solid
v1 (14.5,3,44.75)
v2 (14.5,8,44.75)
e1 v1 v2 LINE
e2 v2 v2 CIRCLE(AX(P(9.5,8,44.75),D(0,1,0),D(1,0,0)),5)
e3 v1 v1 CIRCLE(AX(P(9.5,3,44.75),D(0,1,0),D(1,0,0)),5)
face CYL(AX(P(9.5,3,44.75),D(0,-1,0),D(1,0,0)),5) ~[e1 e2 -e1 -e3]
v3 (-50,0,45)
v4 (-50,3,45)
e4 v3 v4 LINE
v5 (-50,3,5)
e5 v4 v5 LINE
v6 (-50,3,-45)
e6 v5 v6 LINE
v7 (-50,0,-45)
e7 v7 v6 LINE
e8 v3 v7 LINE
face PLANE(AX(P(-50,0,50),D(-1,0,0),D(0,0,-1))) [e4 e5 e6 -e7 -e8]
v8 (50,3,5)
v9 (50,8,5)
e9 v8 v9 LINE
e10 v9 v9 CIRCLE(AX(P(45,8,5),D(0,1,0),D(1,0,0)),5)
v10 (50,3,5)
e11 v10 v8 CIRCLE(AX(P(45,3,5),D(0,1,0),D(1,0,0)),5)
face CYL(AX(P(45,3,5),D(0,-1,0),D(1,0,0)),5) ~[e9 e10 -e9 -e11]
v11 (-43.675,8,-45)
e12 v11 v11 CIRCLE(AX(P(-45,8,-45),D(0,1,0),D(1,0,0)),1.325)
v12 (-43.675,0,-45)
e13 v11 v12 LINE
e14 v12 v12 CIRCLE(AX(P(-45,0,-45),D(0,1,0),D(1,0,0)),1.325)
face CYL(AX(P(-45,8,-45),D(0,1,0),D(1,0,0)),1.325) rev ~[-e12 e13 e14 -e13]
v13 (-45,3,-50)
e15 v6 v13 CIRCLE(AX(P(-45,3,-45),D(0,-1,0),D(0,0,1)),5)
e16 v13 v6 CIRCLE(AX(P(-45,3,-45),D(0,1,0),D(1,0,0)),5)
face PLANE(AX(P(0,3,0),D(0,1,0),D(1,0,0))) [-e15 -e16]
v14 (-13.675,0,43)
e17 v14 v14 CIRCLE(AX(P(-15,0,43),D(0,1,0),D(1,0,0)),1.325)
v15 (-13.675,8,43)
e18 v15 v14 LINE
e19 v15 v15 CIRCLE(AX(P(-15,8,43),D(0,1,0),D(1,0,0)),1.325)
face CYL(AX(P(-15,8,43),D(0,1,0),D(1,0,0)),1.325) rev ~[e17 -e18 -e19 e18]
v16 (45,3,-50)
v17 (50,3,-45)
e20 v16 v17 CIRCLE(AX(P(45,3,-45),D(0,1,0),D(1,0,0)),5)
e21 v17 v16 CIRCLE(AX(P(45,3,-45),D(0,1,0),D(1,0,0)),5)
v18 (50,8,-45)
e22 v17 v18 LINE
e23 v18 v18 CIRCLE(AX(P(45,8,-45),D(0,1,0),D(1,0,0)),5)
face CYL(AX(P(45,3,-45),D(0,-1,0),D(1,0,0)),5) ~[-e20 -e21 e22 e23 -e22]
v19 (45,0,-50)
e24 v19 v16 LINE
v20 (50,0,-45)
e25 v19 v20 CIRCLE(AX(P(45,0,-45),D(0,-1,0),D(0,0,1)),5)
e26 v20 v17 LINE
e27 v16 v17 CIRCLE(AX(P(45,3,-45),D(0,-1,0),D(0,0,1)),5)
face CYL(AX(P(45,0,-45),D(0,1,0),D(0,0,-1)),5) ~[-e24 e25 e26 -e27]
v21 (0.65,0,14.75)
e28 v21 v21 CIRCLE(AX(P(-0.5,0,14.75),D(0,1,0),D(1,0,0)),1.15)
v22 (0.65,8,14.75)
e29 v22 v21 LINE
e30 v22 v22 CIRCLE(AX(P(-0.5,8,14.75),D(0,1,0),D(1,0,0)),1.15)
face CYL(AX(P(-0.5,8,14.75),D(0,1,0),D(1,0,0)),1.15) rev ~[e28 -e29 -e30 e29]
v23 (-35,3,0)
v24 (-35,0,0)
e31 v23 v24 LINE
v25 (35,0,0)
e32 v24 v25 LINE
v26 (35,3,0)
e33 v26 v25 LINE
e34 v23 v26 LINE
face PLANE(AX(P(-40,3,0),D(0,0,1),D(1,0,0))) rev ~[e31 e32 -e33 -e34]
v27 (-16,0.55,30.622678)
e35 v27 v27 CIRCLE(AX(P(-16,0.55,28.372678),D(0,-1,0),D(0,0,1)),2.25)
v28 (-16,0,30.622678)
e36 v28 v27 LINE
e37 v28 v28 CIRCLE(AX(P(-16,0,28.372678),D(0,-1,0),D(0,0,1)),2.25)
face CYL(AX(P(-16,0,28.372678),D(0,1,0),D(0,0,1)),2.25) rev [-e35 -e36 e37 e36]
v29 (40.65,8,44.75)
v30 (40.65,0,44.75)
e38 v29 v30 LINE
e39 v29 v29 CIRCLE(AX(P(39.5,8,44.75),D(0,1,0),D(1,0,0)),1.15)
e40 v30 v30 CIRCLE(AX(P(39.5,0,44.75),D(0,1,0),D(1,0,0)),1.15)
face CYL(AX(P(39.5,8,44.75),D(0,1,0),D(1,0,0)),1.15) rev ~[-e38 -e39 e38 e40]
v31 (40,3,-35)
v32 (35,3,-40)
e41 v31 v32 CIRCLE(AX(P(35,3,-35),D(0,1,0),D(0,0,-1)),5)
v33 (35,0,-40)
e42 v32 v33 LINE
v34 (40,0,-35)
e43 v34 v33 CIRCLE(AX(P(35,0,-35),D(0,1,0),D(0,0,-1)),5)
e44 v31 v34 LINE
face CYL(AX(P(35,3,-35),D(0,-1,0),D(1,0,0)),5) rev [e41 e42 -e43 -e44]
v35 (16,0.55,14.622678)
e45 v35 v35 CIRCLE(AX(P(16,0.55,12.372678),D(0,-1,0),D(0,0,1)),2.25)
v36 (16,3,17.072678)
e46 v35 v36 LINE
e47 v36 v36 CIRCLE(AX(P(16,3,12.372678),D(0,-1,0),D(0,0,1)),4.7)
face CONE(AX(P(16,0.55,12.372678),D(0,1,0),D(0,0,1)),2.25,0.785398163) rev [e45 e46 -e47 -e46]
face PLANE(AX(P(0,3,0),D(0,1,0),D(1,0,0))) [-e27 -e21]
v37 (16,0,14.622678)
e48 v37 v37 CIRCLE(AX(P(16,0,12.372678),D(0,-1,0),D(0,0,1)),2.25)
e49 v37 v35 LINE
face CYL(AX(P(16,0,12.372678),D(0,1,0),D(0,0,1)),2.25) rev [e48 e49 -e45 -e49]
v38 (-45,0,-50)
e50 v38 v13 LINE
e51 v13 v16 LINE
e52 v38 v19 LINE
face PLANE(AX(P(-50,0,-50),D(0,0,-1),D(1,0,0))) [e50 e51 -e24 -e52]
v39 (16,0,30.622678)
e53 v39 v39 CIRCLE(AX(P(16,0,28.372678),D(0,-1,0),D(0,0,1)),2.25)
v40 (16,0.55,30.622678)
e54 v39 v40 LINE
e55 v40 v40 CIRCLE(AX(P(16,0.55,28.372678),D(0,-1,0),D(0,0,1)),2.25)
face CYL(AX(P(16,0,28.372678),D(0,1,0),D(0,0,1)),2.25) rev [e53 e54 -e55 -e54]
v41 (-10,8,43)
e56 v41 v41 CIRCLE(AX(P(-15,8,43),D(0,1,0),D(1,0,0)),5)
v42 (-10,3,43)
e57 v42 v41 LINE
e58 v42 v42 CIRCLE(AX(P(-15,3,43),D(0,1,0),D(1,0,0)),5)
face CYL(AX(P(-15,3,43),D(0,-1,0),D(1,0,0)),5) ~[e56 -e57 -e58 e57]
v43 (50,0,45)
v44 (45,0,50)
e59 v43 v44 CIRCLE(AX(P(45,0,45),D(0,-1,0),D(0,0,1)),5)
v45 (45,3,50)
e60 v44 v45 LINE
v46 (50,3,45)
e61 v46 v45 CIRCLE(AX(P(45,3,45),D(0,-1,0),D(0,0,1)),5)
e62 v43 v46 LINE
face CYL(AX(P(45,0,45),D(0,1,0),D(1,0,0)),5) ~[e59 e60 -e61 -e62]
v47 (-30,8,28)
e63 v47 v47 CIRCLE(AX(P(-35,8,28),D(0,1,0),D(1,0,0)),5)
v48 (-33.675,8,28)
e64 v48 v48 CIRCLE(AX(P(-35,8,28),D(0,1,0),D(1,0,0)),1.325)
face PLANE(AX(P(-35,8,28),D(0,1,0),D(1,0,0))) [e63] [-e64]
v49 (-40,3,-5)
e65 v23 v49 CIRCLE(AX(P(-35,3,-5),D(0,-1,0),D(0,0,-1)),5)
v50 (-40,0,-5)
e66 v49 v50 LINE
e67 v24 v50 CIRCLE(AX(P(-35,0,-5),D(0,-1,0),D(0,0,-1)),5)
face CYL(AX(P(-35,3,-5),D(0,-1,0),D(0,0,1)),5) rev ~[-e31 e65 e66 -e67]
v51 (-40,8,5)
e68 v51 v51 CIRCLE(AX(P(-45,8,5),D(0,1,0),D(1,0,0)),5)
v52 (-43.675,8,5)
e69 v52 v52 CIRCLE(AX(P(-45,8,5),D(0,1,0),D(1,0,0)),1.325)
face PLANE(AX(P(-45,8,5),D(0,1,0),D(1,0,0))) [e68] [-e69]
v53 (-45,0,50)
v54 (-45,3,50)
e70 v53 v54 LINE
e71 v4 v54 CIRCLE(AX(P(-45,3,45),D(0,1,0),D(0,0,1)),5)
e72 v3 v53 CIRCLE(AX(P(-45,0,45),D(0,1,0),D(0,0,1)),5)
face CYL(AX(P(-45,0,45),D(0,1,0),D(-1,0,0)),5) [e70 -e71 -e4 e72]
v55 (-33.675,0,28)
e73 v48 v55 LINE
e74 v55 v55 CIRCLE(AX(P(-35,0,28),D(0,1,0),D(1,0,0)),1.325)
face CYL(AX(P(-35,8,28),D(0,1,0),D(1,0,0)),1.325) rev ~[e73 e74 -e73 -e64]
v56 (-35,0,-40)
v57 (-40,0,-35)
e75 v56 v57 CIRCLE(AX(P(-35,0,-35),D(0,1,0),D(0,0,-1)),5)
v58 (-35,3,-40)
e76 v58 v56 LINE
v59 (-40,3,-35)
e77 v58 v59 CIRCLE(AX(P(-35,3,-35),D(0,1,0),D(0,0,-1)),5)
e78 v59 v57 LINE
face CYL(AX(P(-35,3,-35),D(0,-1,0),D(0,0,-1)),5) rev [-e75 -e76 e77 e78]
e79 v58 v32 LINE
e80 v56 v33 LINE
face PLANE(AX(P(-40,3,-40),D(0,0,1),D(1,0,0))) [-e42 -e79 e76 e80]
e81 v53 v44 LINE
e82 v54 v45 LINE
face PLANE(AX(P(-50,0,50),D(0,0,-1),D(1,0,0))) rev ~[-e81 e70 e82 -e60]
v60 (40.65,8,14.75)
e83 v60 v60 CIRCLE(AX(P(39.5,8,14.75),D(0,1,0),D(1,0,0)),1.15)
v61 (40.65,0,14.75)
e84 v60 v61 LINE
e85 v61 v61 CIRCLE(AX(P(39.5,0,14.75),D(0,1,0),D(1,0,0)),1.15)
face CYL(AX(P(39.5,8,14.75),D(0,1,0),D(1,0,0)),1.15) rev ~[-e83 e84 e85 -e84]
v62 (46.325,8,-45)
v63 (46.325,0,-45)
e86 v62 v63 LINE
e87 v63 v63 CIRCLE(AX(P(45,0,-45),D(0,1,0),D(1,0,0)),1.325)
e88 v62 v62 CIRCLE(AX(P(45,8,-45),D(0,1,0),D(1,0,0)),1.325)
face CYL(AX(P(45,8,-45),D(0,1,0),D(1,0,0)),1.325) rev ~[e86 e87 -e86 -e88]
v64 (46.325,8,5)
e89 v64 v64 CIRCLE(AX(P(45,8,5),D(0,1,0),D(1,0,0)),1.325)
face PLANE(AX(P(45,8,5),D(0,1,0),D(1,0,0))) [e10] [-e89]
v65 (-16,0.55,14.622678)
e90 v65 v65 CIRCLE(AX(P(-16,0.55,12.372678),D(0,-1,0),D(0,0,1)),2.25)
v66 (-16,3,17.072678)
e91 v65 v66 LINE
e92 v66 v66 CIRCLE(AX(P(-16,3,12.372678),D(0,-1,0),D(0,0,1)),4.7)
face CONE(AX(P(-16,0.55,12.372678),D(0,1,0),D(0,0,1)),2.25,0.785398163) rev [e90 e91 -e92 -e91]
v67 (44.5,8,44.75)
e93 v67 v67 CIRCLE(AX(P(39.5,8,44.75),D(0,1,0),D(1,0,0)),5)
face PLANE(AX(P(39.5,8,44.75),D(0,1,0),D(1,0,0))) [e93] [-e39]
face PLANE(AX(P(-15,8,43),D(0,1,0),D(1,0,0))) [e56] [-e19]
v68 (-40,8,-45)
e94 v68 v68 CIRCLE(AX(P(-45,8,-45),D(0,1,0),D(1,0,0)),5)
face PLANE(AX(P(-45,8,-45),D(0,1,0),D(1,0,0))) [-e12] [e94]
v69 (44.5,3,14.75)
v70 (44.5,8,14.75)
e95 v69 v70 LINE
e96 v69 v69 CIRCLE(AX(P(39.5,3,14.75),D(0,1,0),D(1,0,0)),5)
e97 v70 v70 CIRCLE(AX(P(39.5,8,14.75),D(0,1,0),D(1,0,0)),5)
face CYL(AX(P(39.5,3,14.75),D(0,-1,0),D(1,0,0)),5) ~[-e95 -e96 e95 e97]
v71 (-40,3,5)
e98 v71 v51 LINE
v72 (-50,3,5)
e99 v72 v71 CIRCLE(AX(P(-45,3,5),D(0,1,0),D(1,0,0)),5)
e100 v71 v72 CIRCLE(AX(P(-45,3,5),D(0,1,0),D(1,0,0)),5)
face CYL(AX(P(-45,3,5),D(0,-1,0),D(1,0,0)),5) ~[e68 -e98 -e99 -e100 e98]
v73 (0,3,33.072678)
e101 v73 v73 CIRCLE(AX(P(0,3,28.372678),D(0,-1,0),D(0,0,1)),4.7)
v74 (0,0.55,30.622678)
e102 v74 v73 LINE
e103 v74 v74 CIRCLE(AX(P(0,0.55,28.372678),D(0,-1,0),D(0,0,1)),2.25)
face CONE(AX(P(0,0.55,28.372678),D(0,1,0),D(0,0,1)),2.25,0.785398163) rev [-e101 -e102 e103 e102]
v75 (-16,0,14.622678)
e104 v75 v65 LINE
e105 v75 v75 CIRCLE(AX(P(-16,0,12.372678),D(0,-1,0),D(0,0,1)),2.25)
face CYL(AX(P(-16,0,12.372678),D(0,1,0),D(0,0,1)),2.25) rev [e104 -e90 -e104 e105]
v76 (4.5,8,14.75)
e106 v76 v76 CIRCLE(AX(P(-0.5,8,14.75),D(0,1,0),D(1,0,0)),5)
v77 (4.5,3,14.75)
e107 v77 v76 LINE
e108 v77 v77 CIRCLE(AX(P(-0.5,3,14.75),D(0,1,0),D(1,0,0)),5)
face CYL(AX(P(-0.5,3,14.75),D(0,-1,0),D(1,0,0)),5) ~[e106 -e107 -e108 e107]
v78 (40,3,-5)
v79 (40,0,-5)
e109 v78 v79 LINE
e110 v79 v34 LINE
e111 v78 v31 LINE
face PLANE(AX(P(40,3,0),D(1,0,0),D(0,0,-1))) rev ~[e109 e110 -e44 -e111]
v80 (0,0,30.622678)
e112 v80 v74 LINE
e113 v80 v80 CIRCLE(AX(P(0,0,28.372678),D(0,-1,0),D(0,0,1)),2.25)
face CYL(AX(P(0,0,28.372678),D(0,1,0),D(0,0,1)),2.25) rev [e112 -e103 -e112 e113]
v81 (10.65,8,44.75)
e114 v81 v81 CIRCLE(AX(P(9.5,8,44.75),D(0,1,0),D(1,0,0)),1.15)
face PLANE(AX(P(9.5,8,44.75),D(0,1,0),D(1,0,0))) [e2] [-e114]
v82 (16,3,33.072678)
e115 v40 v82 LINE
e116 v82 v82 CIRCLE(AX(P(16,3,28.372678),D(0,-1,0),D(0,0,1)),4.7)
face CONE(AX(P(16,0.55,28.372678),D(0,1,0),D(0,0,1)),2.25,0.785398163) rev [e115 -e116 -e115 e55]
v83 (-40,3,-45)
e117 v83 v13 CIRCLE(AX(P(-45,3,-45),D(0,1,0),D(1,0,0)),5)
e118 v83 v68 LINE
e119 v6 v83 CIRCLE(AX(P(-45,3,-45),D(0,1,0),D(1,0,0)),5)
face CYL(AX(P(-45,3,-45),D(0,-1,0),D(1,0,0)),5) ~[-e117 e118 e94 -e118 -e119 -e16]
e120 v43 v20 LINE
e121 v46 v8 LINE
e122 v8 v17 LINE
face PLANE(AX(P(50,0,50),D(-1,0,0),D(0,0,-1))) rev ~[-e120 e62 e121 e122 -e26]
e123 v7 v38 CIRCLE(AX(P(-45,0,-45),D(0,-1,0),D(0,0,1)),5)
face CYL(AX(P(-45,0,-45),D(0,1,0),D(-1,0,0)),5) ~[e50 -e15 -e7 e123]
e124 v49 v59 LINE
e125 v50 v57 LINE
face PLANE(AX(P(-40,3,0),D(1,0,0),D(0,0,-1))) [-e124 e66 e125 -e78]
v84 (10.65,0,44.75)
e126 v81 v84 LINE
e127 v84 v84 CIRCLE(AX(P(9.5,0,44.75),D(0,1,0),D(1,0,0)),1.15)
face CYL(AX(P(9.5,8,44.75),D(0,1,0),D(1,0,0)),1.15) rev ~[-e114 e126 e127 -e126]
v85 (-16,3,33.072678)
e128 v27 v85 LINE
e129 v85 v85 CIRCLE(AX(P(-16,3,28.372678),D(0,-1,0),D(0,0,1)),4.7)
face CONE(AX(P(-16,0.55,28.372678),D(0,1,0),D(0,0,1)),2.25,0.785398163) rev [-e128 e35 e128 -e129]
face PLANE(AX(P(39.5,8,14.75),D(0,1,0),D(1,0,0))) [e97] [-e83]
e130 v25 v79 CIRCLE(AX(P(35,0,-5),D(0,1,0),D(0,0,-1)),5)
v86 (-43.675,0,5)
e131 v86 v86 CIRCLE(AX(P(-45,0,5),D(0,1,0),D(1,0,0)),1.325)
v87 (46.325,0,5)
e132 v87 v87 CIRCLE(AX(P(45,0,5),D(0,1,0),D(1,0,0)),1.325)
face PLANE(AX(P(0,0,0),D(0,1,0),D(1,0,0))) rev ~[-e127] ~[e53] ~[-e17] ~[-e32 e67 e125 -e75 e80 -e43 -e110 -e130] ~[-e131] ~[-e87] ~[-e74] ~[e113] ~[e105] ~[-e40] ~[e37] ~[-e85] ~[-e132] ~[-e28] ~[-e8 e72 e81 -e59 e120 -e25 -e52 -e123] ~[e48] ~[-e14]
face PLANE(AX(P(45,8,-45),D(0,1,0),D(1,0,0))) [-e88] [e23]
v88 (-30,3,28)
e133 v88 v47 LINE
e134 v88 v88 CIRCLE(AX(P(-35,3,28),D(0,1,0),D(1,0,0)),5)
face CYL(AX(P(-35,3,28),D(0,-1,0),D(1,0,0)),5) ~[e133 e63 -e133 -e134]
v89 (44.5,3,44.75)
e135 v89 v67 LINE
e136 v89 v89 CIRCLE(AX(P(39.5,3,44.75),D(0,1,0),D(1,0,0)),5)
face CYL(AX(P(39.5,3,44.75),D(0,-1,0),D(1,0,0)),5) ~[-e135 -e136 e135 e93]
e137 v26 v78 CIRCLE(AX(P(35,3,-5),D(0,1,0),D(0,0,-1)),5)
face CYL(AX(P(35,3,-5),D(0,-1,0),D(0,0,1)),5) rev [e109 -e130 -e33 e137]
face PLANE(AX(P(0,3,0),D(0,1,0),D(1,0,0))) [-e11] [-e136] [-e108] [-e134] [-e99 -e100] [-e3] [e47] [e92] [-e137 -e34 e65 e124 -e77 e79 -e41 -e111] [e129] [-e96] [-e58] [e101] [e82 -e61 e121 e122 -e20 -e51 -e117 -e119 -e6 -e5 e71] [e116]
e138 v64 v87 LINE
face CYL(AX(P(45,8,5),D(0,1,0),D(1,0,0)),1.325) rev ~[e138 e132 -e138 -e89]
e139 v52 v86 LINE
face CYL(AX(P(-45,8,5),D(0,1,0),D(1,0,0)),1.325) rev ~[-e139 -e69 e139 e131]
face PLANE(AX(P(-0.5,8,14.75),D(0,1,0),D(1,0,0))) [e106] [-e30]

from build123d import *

# Parameters (mm, degrees)
SKETCH1_W                                    = 100
SKETCH1_H                                    = 100
BOSS_EXTRUDE1_DEPTH                          = 3
SKETCH4_R                                    = 5
BOSS_EXTRUDE2_DEPTH                          = 5
SKETCH6_R                                    = 5
BOSS_EXTRUDE3_DEPTH                          = 5
SKETCH5_R                                    = 1.325
SKETCH5_R_2                                  = 1.15
CUT_EXTRUDE1_DEPTH                           = 9
SKETCH7_W                                    = 80
SKETCH7_H                                    = 40
CUT_EXTRUDE2_DEPTH                           = 4
FILLET2_R                                    = 5
CSK_FOR_M4_COUNTERSUNK_FLAT_HEAD_SCR_2_COUNT = 2
CSK_FOR_M4_COUNTERSUNK_FLAT_HEAD_SCR_2_PITCH = 16
CSK_FOR_M4_COUNTERSUNK_FLAT_HEAD_SCR_3_COUNT = 2
CSK_FOR_M4_COUNTERSUNK_FLAT_HEAD_SCR_3_PITCH = 22.627416998
CSK_FOR_M4_COUNTERSUNK_FLAT_HEAD_SCR_4_COUNT = 2
CSK_FOR_M4_COUNTERSUNK_FLAT_HEAD_SCR_4_PITCH = 35.77708764
CSK_FOR_M4_COUNTERSUNK_FLAT_HEAD_SCR_5_COUNT = 2
CSK_FOR_M4_COUNTERSUNK_FLAT_HEAD_SCR_5_PITCH = 32


with BuildPart() as part:
    # Sketch1 → Boss-Extrude1 (new body)
    with BuildSketch(Plane(origin=(0, 0, 0), x_dir=(1, 0, 0), z_dir=(0, 1, 0))):
        Rectangle(SKETCH1_W, SKETCH1_H)
    extrude(amount=BOSS_EXTRUDE1_DEPTH)

    # Sketch4 → Boss-Extrude2 (add)
    with BuildSketch(Plane(origin=(0, 3, 0), x_dir=(1, 0, 0), z_dir=(0, 1, 0))):
        with Locations((-45, 45)):
            Circle(SKETCH4_R)
        with Locations((-45, -5)):
            Circle(SKETCH4_R)
        with Locations((45, -5)):
            Circle(SKETCH4_R)
        with Locations((45, 45)):
            Circle(SKETCH4_R)
    extrude(amount=BOSS_EXTRUDE2_DEPTH)

    # Sketch6 → Boss-Extrude3 (add)
    with BuildSketch(Plane(origin=(0, 3, 0), x_dir=(1, 0, 0), z_dir=(0, 1, 0))):
        with Locations((39.5, -44.75)):
            Circle(SKETCH6_R)
        with Locations((39.5, -14.75)):
            Circle(SKETCH6_R)
        with Locations((9.5, -44.75)):
            Circle(SKETCH6_R)
        with Locations((-0.5, -14.75)):
            Circle(SKETCH6_R)
        with Locations((-35, -28)):
            Circle(SKETCH6_R)
        with Locations((-15, -43)):
            Circle(SKETCH6_R)
    extrude(amount=BOSS_EXTRUDE3_DEPTH)

    # Sketch5 → Cut-Extrude1 (cut, through all)
    with BuildSketch(Plane(origin=(0, 8, 0), x_dir=(1, 0, 0), z_dir=(0, 1, 0))):
        with Locations((-45, 45)):
            Circle(SKETCH5_R)
        with Locations((45, 45)):
            Circle(SKETCH5_R)
        with Locations((45, -5)):
            Circle(SKETCH5_R)
        with Locations((-45, -5)):
            Circle(SKETCH5_R)
        with Locations((39.5, -14.75)):
            Circle(SKETCH5_R_2)
        with Locations((39.5, -44.75)):
            Circle(SKETCH5_R_2)
        with Locations((9.5, -44.75)):
            Circle(SKETCH5_R_2)
        with Locations((-0.5, -14.75)):
            Circle(SKETCH5_R_2)
        with Locations((-35, -28)):
            Circle(SKETCH5_R)
        with Locations((-15, -43)):
            Circle(SKETCH5_R)
    extrude(amount=-CUT_EXTRUDE1_DEPTH, mode=Mode.SUBTRACT)

    # Sketch7 → Cut-Extrude2 (cut, through all)
    with BuildSketch(Plane(origin=(0, 3, 0), x_dir=(1, 0, 0), z_dir=(0, 1, 0))):
        with Locations((0, 20)):
            Rectangle(SKETCH7_W, SKETCH7_H)
    extrude(amount=-CUT_EXTRUDE2_DEPTH, mode=Mode.SUBTRACT)

    # Fillet2
    fillet2_edges = [part.edges().sort_by_distance(p)[0] for p in [
        (50, 1.5, -50),
        (-50, 1.5, -50),
        (-50, 1.5, 50),
        (50, 1.5, 50),
        (40, 1.5, 0),
        (40, 1.5, -40),
        (-40, 1.5, -40),
        (-40, 1.5, 0),
    ]]
    fillet(fillet2_edges, radius=FILLET2_R)

    # Sketch11 → CSK for M4 Countersunk Flat Head Screw1 (revolve, cut)
    with BuildSketch(Plane(origin=(-16, 3, 12.372677549), x_dir=(0, 0, 1), z_dir=(1, 0, 0))):
        Polygon((0, 0), (0, 3), (2.25, 3), (2.25, 2.45), (4.7, 0), align=None)
    csk_for_m4_countersunk_flat_head_screw1 = revolve(axis=Axis((-16, 9.35, 12.372677549), (0, -1, 0)), mode=Mode.SUBTRACT)

    # CSK for M4 Countersunk Flat Head Scr 2: CSK for M4 Countersunk Flat Head Screw1 ×2
    with Locations(*[(0, 0, i * CSK_FOR_M4_COUNTERSUNK_FLAT_HEAD_SCR_2_PITCH) for i in range(1, CSK_FOR_M4_COUNTERSUNK_FLAT_HEAD_SCR_2_COUNT)]):
        add(csk_for_m4_countersunk_flat_head_screw1, mode=Mode.SUBTRACT)

    # CSK for M4 Countersunk Flat Head Scr 3: CSK for M4 Countersunk Flat Head Screw1 ×2
    with Locations(*[Vector(0.707106781, 0, 0.707106781) * (i * CSK_FOR_M4_COUNTERSUNK_FLAT_HEAD_SCR_3_PITCH) for i in range(1, CSK_FOR_M4_COUNTERSUNK_FLAT_HEAD_SCR_3_COUNT)]):
        add(csk_for_m4_countersunk_flat_head_screw1, mode=Mode.SUBTRACT)

    # CSK for M4 Countersunk Flat Head Scr 4: CSK for M4 Countersunk Flat Head Screw1 ×2
    with Locations(*[Vector(0.894427191, 0, 0.447213595) * (i * CSK_FOR_M4_COUNTERSUNK_FLAT_HEAD_SCR_4_PITCH) for i in range(1, CSK_FOR_M4_COUNTERSUNK_FLAT_HEAD_SCR_4_COUNT)]):
        add(csk_for_m4_countersunk_flat_head_screw1, mode=Mode.SUBTRACT)

    # CSK for M4 Countersunk Flat Head Scr 5: CSK for M4 Countersunk Flat Head Screw1 ×2
    with Locations(*[(i * CSK_FOR_M4_COUNTERSUNK_FLAT_HEAD_SCR_5_PITCH, 0, 0) for i in range(1, CSK_FOR_M4_COUNTERSUNK_FLAT_HEAD_SCR_5_COUNT)]):
        add(csk_for_m4_countersunk_flat_head_screw1, mode=Mode.SUBTRACT)


solid = part.part
